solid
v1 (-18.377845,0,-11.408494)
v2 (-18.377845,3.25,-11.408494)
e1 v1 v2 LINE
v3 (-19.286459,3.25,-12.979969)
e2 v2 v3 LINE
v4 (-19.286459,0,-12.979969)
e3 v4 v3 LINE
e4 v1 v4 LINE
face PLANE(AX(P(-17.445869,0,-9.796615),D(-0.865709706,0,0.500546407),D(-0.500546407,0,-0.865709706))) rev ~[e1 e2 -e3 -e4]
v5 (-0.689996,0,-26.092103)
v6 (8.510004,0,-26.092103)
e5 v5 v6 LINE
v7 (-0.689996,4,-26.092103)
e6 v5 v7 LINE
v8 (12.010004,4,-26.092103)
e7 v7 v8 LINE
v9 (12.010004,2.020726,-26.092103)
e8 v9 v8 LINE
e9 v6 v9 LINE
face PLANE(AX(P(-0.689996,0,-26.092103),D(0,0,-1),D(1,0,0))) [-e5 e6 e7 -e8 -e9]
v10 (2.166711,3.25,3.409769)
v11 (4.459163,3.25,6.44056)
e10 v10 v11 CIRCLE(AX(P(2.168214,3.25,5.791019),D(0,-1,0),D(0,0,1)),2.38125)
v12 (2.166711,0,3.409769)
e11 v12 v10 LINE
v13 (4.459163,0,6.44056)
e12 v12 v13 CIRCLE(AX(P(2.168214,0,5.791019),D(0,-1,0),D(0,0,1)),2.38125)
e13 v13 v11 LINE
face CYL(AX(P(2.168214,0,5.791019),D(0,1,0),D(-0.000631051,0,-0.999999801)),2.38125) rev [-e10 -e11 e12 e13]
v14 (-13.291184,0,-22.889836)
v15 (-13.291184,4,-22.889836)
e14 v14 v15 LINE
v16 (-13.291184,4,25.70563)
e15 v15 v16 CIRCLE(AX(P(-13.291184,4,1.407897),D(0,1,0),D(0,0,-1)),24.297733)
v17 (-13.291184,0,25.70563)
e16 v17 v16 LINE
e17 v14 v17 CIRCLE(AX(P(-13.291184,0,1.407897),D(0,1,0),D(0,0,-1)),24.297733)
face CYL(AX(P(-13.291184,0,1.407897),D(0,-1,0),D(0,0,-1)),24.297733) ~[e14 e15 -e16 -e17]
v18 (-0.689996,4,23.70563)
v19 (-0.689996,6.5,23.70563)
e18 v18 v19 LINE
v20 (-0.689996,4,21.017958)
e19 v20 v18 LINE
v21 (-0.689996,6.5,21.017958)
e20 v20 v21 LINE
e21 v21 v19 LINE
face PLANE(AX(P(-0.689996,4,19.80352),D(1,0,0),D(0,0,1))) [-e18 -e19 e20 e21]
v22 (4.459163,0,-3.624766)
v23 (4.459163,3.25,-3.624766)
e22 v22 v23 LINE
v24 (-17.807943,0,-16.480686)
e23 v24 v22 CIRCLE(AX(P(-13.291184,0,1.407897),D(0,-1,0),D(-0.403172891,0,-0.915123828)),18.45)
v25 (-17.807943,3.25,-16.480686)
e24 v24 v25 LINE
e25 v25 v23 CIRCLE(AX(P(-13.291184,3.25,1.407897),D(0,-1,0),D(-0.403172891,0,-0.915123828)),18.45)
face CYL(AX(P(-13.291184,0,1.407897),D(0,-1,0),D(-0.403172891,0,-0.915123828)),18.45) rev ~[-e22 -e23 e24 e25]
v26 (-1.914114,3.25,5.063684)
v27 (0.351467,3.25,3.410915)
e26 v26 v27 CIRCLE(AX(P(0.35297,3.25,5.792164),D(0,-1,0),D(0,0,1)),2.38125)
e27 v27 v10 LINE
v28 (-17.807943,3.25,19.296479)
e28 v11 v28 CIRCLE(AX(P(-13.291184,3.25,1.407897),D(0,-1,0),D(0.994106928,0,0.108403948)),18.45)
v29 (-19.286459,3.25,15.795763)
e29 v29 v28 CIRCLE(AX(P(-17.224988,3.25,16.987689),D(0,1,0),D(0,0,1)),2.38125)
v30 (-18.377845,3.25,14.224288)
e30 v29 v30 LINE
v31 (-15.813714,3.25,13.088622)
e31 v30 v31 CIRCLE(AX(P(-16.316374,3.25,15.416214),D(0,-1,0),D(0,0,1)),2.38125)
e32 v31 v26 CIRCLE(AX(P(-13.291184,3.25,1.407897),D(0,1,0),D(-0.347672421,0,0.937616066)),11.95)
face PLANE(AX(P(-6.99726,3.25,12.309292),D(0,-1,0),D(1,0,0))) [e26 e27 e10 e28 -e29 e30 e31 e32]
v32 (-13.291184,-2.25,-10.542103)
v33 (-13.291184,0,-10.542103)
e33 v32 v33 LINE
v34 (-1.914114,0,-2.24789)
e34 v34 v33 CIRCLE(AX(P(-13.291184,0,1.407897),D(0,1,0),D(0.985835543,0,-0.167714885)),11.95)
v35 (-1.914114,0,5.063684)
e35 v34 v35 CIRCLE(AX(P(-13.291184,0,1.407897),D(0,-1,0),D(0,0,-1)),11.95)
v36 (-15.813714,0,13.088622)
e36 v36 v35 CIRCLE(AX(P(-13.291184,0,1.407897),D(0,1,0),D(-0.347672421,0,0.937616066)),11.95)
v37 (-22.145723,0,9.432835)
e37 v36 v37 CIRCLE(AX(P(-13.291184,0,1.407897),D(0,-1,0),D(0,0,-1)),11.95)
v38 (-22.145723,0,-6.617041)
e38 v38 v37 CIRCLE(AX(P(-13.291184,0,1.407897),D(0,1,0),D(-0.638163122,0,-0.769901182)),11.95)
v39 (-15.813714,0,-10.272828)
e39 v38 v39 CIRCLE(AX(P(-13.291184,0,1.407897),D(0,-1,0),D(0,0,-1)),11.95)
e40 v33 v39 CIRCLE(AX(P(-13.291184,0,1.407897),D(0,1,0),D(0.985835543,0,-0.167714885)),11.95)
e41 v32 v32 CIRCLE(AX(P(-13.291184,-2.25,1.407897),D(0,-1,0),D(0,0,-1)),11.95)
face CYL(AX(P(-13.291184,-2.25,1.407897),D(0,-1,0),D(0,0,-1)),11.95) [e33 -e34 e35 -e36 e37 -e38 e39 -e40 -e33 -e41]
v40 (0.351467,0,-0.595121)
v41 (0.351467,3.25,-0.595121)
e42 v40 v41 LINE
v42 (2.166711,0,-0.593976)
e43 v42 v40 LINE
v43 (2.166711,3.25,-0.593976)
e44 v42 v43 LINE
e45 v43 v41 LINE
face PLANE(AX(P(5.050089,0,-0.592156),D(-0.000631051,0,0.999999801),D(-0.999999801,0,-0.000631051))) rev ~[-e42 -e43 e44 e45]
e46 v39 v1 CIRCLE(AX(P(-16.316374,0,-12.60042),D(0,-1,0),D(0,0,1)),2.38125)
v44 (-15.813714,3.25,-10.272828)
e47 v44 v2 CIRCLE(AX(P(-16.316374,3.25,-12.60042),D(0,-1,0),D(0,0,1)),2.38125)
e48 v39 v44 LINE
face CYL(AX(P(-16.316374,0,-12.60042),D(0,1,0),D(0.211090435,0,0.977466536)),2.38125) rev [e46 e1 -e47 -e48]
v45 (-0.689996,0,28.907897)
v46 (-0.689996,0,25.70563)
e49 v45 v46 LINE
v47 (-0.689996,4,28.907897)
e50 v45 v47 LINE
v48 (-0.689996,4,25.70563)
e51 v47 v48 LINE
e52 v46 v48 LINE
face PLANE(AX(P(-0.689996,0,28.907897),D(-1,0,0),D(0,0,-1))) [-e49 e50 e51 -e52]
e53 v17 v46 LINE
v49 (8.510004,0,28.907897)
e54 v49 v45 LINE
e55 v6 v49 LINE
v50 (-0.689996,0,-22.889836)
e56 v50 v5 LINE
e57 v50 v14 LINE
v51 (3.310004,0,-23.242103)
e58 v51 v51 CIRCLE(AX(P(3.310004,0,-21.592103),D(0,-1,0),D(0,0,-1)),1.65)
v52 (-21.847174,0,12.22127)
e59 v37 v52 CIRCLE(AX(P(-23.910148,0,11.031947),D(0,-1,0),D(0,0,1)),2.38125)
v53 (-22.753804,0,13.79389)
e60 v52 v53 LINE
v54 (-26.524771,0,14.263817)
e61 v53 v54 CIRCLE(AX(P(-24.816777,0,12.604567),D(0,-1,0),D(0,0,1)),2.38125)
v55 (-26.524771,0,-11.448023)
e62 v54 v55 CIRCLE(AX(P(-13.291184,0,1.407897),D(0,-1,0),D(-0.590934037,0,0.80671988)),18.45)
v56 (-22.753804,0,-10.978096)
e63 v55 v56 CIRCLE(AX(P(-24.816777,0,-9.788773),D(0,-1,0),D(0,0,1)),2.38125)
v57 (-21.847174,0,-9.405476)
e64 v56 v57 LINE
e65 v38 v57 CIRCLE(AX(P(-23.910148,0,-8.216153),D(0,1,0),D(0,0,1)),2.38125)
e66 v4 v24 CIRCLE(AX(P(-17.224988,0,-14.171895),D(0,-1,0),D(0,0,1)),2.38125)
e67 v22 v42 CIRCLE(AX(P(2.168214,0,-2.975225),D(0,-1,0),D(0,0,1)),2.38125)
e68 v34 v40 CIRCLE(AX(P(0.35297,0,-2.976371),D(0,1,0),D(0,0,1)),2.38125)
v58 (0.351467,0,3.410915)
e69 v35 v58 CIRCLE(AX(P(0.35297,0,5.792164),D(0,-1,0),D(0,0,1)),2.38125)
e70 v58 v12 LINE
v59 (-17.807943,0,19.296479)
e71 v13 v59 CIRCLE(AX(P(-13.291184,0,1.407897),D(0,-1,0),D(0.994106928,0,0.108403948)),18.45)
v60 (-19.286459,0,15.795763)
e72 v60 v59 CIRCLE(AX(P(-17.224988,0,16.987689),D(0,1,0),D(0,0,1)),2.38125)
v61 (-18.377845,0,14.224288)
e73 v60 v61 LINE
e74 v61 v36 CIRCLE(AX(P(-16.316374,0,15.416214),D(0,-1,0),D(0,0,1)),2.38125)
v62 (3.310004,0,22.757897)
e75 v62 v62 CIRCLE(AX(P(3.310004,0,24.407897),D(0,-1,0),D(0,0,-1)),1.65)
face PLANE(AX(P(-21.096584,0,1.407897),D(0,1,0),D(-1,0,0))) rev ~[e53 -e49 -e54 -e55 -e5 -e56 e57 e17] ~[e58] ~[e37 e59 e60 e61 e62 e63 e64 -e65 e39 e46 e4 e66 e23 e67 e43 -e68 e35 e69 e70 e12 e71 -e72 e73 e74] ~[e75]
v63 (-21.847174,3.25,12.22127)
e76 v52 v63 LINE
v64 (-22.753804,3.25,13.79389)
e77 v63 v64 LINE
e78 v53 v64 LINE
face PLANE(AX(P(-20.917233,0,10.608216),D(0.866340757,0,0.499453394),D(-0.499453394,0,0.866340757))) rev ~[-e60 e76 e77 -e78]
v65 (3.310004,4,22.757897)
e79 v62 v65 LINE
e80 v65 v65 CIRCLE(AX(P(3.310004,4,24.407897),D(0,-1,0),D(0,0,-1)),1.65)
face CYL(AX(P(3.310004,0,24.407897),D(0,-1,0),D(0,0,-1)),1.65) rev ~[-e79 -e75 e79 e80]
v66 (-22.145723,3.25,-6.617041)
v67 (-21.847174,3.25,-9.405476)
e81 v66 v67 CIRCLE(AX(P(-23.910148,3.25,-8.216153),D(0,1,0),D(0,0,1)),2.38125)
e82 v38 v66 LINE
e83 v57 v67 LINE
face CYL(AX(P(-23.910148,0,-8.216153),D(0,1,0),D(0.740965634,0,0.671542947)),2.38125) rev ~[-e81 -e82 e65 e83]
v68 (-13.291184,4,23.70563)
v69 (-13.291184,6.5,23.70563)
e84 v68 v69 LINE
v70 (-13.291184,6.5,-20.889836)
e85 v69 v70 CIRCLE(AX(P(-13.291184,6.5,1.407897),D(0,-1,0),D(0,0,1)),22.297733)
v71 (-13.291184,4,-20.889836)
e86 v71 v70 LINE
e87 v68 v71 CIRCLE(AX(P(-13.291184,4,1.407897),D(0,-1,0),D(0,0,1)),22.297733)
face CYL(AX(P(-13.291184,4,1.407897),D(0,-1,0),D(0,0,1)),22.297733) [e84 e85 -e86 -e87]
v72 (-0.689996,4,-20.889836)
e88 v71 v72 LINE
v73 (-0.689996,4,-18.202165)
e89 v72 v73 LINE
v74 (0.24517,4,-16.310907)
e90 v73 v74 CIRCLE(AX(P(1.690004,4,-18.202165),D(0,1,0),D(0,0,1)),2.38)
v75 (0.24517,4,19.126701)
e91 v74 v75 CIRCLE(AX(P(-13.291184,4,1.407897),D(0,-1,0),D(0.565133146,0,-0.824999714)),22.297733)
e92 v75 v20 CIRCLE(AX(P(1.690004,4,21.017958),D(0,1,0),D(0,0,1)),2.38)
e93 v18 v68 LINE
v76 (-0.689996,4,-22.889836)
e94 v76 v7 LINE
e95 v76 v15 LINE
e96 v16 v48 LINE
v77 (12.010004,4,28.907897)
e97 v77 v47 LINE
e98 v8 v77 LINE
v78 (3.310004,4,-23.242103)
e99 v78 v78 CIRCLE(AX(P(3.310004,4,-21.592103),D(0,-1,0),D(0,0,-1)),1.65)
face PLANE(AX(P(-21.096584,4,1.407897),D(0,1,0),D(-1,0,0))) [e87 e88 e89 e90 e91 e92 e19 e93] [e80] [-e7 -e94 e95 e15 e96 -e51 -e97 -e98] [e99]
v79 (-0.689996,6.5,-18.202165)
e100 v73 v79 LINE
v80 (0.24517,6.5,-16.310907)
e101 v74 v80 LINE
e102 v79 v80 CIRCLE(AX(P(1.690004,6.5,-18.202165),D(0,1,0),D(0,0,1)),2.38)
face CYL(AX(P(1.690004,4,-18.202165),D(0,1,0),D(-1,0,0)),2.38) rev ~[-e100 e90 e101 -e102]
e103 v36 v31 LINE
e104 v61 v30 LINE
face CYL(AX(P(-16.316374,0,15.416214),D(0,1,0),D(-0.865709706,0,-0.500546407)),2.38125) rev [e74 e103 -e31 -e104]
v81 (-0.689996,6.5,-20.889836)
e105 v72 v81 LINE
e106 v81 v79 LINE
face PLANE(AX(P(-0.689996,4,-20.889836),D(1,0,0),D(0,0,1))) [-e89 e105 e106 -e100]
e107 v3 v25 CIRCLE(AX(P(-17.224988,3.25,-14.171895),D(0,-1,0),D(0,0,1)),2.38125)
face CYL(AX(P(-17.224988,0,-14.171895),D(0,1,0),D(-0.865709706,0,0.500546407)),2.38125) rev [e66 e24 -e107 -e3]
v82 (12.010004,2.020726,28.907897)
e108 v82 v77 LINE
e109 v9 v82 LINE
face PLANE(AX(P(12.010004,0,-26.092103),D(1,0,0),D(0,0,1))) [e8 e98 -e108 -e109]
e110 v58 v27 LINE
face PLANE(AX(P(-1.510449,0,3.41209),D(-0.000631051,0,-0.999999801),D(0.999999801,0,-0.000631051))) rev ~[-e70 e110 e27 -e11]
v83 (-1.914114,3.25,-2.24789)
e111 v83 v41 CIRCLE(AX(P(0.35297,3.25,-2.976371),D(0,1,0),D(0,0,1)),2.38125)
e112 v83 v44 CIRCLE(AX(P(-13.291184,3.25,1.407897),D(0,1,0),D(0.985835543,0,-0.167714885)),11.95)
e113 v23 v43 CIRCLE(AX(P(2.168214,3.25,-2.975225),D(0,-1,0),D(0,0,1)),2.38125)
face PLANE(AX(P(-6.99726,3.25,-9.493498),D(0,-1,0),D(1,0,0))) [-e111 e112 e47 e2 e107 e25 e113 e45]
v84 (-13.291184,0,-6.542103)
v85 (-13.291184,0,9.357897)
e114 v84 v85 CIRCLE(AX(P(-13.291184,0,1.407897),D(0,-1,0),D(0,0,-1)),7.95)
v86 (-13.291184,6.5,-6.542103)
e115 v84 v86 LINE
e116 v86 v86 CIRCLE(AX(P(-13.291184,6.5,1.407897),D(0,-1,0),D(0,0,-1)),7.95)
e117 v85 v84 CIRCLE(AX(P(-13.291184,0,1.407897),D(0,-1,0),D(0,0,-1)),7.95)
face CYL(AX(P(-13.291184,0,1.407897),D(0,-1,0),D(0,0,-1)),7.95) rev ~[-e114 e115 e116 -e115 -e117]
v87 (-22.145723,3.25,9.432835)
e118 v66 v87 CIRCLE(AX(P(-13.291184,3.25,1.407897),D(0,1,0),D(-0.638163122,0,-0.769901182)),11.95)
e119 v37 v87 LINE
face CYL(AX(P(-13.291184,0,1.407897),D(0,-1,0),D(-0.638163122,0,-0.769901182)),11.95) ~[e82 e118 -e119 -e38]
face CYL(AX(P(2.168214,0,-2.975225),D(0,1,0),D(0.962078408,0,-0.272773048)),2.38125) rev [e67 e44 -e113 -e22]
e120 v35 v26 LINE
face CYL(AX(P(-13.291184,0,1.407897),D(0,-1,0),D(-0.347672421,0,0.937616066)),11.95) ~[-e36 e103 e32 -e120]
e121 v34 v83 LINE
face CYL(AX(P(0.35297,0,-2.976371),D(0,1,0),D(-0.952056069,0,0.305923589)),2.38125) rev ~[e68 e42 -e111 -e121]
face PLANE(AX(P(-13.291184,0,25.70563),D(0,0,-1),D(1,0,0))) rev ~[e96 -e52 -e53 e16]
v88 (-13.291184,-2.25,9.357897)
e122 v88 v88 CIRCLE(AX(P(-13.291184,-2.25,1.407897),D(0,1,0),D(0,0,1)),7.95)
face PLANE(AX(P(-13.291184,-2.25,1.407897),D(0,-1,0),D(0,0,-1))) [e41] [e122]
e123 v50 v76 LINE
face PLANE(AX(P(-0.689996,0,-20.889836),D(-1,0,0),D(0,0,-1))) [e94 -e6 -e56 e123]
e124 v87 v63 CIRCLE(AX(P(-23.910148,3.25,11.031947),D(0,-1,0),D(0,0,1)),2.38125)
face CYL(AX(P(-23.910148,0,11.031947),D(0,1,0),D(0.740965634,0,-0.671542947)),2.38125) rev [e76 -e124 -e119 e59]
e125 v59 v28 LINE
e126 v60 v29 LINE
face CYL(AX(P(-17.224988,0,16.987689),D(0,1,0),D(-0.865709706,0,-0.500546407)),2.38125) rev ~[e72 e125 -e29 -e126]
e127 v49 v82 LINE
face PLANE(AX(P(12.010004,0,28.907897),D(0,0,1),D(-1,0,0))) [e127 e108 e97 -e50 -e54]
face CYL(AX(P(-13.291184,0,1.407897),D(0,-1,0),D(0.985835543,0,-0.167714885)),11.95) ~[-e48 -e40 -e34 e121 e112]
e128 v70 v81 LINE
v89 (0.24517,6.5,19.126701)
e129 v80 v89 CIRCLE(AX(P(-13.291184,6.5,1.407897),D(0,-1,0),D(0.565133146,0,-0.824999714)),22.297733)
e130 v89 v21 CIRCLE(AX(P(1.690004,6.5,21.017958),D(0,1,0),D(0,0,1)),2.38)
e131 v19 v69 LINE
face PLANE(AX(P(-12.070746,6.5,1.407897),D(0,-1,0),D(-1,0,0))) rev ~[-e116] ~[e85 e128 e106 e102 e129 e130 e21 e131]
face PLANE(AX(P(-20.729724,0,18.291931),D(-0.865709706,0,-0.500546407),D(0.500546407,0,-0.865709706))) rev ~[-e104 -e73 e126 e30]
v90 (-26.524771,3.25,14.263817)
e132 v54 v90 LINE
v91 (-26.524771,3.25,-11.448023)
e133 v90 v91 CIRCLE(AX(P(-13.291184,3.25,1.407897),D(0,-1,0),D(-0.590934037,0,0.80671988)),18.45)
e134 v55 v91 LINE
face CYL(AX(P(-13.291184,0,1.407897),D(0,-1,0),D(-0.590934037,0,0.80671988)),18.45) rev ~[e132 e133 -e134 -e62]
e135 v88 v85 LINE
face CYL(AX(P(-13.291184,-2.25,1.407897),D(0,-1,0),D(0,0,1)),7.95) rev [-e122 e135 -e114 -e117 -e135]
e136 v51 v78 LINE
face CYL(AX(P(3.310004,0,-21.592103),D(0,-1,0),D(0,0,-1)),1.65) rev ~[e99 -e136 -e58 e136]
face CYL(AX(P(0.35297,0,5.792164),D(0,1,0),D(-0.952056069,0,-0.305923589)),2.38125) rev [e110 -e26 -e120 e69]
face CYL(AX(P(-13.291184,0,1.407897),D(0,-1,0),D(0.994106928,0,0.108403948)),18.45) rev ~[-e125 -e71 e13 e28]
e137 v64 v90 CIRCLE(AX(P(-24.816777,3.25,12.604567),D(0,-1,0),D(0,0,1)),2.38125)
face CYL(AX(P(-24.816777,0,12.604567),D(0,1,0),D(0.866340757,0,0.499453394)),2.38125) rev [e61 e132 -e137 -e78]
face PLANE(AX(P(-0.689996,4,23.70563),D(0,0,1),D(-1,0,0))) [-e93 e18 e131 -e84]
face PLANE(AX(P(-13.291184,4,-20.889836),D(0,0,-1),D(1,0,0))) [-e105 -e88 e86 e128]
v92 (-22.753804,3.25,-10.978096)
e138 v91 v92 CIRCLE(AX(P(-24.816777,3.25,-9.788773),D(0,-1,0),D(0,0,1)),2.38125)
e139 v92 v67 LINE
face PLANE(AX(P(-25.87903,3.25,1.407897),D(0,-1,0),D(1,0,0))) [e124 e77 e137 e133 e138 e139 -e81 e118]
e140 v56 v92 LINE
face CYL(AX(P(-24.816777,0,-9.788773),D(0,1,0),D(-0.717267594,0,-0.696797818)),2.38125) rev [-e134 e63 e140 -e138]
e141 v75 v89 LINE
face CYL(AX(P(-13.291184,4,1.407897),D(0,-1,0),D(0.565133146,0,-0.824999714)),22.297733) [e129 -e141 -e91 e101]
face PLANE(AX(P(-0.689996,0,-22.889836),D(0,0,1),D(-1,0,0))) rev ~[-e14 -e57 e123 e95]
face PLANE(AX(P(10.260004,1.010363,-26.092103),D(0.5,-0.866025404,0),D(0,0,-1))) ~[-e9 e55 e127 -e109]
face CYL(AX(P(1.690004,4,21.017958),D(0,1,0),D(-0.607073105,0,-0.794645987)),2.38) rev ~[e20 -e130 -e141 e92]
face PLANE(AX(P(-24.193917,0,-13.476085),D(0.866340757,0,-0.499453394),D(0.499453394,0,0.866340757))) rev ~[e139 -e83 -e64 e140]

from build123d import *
from build123d.topology import SkipClean

# Parameters (mm, degrees)
BOSS_EXTRUDE1_DEPTH = 4
BOSS_EXTRUDE2_DEPTH = 2.5
SKETCH3_R           = 7.95
CUT_EXTRUDE1_DEPTH  = 9.25
SKETCH4_R           = 1.65
CUT_EXTRUDE2_DEPTH  = 9.25
CUT_EXTRUDE3_DEPTH  = 3.25
FILLET1_R           = 2.38125
CHAMFER1_SIZE       = 3.5
CHAMFER1_SIZE2      = 2.020725942
BOSS_EXTRUDE4_DEPTH = 4
BOSS_EXTRUDE5_START = 2.25
SKETCH11_R          = 11.95
BOSS_EXTRUDE5_DEPTH = 2.25
CUT_EXTRUDE4_START  = -2.25
SKETCH12_R          = 7.95
CUT_EXTRUDE4_DEPTH  = 2.25
FILLET5_R           = 2.38


with BuildPart() as part:
    # Sketch1 → Boss-Extrude1 (new body)
    with BuildSketch(Plane(origin=(0, 0, 0), x_dir=(1, 0, 0), z_dir=(0, 1, 0))):
        with BuildLine():
            Line((-13.29118379, 20.889836125), (-0.68999579, 20.889836125))
            Line((-0.68999579, 20.889836125), (-0.68999579, 26.09210312))
            Line((-0.68999579, 26.09210312), (12.01000421, 26.09210312))
            Line((12.01000421, 26.09210312), (12.01000421, -28.90789688))
            Line((12.01000421, -28.90789688), (-0.68999579, -28.90789688))
            Line((-0.68999579, -28.90789688), (-0.68999579, -23.705629885))
            Line((-0.68999579, -23.705629885), (-13.29118379, -23.705629885))
            ThreePointArc((-13.29118379, -23.705629885), (-35.588916795, -1.40789688), (-13.29118379, 20.889836125))
        make_face()
    extrude(amount=BOSS_EXTRUDE1_DEPTH)

    # Sketch2 → Boss-Extrude2 (add)
    with BuildSketch(Plane(origin=(0, 4, 0), x_dir=(1, 0, 0), z_dir=(0, 1, 0))):
        with BuildLine():
            Line((-13.29118379, 20.889836125), (-0.68999579, 20.889836125))
            Line((-0.68999579, 20.889836125), (-0.68999579, 16.987726462))
            ThreePointArc((-0.68999579, 16.987726462), (9.006549215, -1.40789688), (-0.68999579, -19.803520222))
            Line((-0.68999579, -19.803520222), (-0.68999579, -23.705629885))
            Line((-0.68999579, -23.705629885), (-13.29118379, -23.705629885))
            ThreePointArc((-13.29118379, -23.705629885), (-35.588916795, -1.40789688), (-13.29118379, 20.889836125))
        make_face()
    extrude(amount=BOSS_EXTRUDE2_DEPTH)

    # Sketch3 → Cut-Extrude1 (cut)
    with BuildSketch(Plane.XZ):
        with Locations(Location((-13.29118379, 1.40789688, 0), (0, 0, 270))):
            Circle(SKETCH3_R)
    extrude(amount=-CUT_EXTRUDE1_DEPTH, mode=Mode.SUBTRACT)

    # Sketch4 → Cut-Extrude2 (cut)
    with BuildSketch(Plane.XZ):
        with Locations(Location((3.31000421, 24.40789688, 0), (0, 0, 270))):
            Circle(SKETCH4_R)
        with Locations(Location((3.310004206, -21.59210312, 0), (0, 0, 270))):
            Circle(SKETCH4_R)
    extrude(amount=-CUT_EXTRUDE2_DEPTH, mode=Mode.SUBTRACT)

    # Sketch5 → Cut-Extrude3 (cut)
    with BuildSketch(Plane.XZ):
        with BuildLine():
            ThreePointArc((-20.917233099, -7.792422241), (-25.24118379, 1.40789688), (-20.917233099, 10.608216001))
            Line((-20.917233099, 10.608216001), (-24.193916765, 16.291878661))
            ThreePointArc((-24.193916765, 16.291878661), (-31.74118379, 1.40789688), (-24.193916765, -13.476084902))
            Line((-24.193916765, -13.476084902), (-20.917233099, -7.792422241))
        make_face()
        with BuildLine():
            Line((-20.729723635, 18.291931497), (-17.445869217, 12.612408873))
            ThreePointArc((-17.445869217, 12.612408873), (-7.31618379, 11.756900455), (-1.510449053, 3.412089752))
            Line((-1.510449053, 3.412089752), (5.05008903, 3.407949716))
            ThreePointArc((5.05008903, 3.407949716), (-4.06618379, 17.38606558), (-20.729723635, 18.291931497))
        make_face()
        with BuildLine():
            ThreePointArc((-1.510449053, -0.596295992), (-7.31618379, -8.941106696), (-17.445869217, -9.796615113))
            Line((-17.445869217, -9.796615113), (-20.729723635, -15.476137738))
            ThreePointArc((-20.729723635, -15.476137738), (-4.06618379, -14.57027182), (5.05008903, -0.592155956))
            Line((5.05008903, -0.592155956), (-1.510449053, -0.596295992))
        make_face()
    extrude(amount=-CUT_EXTRUDE3_DEPTH, mode=Mode.SUBTRACT)

    # Fillet1
    fillet1_edges = [part.edges().sort_by_distance(p)[0] for p in [
        (-20.917233099, 1.625, 10.608216001),
        (-20.917233099, 1.625, -7.792422241),
        (-24.193916765, 1.625, -13.476084902),
        (-24.193916765, 1.625, 16.291878661),
        (5.05008903, 1.625, 3.407949716),
        (-1.510449053, 1.625, 3.412089752),
        (-17.445869217, 1.625, 12.612408873),
        (-20.729723635, 1.625, 18.291931497),
        (-17.445869217, 1.625, -9.796615113),
        (-1.510449053, 1.625, -0.596295992),
        (5.05008903, 1.625, -0.592155956),
        (-20.729723635, 1.625, -15.476137738),
    ]]
    fillet(fillet1_edges, radius=FILLET1_R)

    # Chamfer1
    chamfer1_edges = [part.edges().sort_by_distance(p)[0] for p in [
        (12.01000421, 0, 1.40789688),
    ]]
    chamfer1_side = [part.faces().sort_by_distance(p)[0] for p in [
        (-3.702499267, 0, 18.015985651),
    ]]
    chamfer(chamfer1_edges, length=CHAMFER1_SIZE, length2=CHAMFER1_SIZE2, reference=chamfer1_side[0])

    # Sketch10 → Boss-Extrude4 (add)
    with BuildSketch(Plane.XZ):
        with BuildLine():
            Line((-0.68999579, -22.889836125), (-13.29118379, -22.889836125))
            ThreePointArc((-13.29118379, -22.889836125), (-37.588916795, 1.40789688), (-13.29118379, 25.705629885))
            Line((-13.29118379, 25.705629885), (-0.68999579, 25.705629885))
            Line((-0.68999579, 25.705629885), (-0.68999579, 23.705629885))
            Line((-0.68999579, 23.705629885), (-13.29118379, 23.705629885))
            ThreePointArc((-13.29118379, 23.705629885), (-35.588916795, 1.40789688), (-13.29118379, -20.889836125))
            Line((-13.29118379, -20.889836125), (-0.68999579, -20.889836125))
            Line((-0.68999579, -20.889836125), (-0.68999579, -22.889836125))
        make_face()
    extrude(amount=-BOSS_EXTRUDE4_DEPTH)

    # Sketch11 → Boss-Extrude5 (add)
    with SkipClean():  # the faces are left unmerged after this step: merging them gives an invalid solid
        with BuildSketch(Plane.XZ.offset(BOSS_EXTRUDE5_START)):
            with Locations(Location((-13.29118379, 1.40789688, 0), (0, 0, 270))):
                Circle(SKETCH11_R)
        extrude(amount=-BOSS_EXTRUDE5_DEPTH)

    # Sketch12 → Cut-Extrude4 (cut)
    with SkipClean():  # the faces are left unmerged after this step: merging them gives an invalid solid
        with BuildSketch(Plane(origin=(0, 0, 0), x_dir=(1, 0, 0), z_dir=(0, 1, 0)).offset(CUT_EXTRUDE4_START)):
            with Locations(Location((-13.29118379, -1.40789688, 0), (0, 0, 270))):
                Circle(SKETCH12_R)
        extrude(amount=CUT_EXTRUDE4_DEPTH, mode=Mode.SUBTRACT)

    # Fillet5
    fillet5_edges = [part.edges().sort_by_distance(p)[0] for p in [
        (-0.68999579, 5.25, 19.803520222),
        (-0.68999579, 5.25, -16.987726462),
    ]]
    fillet(fillet5_edges, radius=FILLET5_R)


solid = part.part
